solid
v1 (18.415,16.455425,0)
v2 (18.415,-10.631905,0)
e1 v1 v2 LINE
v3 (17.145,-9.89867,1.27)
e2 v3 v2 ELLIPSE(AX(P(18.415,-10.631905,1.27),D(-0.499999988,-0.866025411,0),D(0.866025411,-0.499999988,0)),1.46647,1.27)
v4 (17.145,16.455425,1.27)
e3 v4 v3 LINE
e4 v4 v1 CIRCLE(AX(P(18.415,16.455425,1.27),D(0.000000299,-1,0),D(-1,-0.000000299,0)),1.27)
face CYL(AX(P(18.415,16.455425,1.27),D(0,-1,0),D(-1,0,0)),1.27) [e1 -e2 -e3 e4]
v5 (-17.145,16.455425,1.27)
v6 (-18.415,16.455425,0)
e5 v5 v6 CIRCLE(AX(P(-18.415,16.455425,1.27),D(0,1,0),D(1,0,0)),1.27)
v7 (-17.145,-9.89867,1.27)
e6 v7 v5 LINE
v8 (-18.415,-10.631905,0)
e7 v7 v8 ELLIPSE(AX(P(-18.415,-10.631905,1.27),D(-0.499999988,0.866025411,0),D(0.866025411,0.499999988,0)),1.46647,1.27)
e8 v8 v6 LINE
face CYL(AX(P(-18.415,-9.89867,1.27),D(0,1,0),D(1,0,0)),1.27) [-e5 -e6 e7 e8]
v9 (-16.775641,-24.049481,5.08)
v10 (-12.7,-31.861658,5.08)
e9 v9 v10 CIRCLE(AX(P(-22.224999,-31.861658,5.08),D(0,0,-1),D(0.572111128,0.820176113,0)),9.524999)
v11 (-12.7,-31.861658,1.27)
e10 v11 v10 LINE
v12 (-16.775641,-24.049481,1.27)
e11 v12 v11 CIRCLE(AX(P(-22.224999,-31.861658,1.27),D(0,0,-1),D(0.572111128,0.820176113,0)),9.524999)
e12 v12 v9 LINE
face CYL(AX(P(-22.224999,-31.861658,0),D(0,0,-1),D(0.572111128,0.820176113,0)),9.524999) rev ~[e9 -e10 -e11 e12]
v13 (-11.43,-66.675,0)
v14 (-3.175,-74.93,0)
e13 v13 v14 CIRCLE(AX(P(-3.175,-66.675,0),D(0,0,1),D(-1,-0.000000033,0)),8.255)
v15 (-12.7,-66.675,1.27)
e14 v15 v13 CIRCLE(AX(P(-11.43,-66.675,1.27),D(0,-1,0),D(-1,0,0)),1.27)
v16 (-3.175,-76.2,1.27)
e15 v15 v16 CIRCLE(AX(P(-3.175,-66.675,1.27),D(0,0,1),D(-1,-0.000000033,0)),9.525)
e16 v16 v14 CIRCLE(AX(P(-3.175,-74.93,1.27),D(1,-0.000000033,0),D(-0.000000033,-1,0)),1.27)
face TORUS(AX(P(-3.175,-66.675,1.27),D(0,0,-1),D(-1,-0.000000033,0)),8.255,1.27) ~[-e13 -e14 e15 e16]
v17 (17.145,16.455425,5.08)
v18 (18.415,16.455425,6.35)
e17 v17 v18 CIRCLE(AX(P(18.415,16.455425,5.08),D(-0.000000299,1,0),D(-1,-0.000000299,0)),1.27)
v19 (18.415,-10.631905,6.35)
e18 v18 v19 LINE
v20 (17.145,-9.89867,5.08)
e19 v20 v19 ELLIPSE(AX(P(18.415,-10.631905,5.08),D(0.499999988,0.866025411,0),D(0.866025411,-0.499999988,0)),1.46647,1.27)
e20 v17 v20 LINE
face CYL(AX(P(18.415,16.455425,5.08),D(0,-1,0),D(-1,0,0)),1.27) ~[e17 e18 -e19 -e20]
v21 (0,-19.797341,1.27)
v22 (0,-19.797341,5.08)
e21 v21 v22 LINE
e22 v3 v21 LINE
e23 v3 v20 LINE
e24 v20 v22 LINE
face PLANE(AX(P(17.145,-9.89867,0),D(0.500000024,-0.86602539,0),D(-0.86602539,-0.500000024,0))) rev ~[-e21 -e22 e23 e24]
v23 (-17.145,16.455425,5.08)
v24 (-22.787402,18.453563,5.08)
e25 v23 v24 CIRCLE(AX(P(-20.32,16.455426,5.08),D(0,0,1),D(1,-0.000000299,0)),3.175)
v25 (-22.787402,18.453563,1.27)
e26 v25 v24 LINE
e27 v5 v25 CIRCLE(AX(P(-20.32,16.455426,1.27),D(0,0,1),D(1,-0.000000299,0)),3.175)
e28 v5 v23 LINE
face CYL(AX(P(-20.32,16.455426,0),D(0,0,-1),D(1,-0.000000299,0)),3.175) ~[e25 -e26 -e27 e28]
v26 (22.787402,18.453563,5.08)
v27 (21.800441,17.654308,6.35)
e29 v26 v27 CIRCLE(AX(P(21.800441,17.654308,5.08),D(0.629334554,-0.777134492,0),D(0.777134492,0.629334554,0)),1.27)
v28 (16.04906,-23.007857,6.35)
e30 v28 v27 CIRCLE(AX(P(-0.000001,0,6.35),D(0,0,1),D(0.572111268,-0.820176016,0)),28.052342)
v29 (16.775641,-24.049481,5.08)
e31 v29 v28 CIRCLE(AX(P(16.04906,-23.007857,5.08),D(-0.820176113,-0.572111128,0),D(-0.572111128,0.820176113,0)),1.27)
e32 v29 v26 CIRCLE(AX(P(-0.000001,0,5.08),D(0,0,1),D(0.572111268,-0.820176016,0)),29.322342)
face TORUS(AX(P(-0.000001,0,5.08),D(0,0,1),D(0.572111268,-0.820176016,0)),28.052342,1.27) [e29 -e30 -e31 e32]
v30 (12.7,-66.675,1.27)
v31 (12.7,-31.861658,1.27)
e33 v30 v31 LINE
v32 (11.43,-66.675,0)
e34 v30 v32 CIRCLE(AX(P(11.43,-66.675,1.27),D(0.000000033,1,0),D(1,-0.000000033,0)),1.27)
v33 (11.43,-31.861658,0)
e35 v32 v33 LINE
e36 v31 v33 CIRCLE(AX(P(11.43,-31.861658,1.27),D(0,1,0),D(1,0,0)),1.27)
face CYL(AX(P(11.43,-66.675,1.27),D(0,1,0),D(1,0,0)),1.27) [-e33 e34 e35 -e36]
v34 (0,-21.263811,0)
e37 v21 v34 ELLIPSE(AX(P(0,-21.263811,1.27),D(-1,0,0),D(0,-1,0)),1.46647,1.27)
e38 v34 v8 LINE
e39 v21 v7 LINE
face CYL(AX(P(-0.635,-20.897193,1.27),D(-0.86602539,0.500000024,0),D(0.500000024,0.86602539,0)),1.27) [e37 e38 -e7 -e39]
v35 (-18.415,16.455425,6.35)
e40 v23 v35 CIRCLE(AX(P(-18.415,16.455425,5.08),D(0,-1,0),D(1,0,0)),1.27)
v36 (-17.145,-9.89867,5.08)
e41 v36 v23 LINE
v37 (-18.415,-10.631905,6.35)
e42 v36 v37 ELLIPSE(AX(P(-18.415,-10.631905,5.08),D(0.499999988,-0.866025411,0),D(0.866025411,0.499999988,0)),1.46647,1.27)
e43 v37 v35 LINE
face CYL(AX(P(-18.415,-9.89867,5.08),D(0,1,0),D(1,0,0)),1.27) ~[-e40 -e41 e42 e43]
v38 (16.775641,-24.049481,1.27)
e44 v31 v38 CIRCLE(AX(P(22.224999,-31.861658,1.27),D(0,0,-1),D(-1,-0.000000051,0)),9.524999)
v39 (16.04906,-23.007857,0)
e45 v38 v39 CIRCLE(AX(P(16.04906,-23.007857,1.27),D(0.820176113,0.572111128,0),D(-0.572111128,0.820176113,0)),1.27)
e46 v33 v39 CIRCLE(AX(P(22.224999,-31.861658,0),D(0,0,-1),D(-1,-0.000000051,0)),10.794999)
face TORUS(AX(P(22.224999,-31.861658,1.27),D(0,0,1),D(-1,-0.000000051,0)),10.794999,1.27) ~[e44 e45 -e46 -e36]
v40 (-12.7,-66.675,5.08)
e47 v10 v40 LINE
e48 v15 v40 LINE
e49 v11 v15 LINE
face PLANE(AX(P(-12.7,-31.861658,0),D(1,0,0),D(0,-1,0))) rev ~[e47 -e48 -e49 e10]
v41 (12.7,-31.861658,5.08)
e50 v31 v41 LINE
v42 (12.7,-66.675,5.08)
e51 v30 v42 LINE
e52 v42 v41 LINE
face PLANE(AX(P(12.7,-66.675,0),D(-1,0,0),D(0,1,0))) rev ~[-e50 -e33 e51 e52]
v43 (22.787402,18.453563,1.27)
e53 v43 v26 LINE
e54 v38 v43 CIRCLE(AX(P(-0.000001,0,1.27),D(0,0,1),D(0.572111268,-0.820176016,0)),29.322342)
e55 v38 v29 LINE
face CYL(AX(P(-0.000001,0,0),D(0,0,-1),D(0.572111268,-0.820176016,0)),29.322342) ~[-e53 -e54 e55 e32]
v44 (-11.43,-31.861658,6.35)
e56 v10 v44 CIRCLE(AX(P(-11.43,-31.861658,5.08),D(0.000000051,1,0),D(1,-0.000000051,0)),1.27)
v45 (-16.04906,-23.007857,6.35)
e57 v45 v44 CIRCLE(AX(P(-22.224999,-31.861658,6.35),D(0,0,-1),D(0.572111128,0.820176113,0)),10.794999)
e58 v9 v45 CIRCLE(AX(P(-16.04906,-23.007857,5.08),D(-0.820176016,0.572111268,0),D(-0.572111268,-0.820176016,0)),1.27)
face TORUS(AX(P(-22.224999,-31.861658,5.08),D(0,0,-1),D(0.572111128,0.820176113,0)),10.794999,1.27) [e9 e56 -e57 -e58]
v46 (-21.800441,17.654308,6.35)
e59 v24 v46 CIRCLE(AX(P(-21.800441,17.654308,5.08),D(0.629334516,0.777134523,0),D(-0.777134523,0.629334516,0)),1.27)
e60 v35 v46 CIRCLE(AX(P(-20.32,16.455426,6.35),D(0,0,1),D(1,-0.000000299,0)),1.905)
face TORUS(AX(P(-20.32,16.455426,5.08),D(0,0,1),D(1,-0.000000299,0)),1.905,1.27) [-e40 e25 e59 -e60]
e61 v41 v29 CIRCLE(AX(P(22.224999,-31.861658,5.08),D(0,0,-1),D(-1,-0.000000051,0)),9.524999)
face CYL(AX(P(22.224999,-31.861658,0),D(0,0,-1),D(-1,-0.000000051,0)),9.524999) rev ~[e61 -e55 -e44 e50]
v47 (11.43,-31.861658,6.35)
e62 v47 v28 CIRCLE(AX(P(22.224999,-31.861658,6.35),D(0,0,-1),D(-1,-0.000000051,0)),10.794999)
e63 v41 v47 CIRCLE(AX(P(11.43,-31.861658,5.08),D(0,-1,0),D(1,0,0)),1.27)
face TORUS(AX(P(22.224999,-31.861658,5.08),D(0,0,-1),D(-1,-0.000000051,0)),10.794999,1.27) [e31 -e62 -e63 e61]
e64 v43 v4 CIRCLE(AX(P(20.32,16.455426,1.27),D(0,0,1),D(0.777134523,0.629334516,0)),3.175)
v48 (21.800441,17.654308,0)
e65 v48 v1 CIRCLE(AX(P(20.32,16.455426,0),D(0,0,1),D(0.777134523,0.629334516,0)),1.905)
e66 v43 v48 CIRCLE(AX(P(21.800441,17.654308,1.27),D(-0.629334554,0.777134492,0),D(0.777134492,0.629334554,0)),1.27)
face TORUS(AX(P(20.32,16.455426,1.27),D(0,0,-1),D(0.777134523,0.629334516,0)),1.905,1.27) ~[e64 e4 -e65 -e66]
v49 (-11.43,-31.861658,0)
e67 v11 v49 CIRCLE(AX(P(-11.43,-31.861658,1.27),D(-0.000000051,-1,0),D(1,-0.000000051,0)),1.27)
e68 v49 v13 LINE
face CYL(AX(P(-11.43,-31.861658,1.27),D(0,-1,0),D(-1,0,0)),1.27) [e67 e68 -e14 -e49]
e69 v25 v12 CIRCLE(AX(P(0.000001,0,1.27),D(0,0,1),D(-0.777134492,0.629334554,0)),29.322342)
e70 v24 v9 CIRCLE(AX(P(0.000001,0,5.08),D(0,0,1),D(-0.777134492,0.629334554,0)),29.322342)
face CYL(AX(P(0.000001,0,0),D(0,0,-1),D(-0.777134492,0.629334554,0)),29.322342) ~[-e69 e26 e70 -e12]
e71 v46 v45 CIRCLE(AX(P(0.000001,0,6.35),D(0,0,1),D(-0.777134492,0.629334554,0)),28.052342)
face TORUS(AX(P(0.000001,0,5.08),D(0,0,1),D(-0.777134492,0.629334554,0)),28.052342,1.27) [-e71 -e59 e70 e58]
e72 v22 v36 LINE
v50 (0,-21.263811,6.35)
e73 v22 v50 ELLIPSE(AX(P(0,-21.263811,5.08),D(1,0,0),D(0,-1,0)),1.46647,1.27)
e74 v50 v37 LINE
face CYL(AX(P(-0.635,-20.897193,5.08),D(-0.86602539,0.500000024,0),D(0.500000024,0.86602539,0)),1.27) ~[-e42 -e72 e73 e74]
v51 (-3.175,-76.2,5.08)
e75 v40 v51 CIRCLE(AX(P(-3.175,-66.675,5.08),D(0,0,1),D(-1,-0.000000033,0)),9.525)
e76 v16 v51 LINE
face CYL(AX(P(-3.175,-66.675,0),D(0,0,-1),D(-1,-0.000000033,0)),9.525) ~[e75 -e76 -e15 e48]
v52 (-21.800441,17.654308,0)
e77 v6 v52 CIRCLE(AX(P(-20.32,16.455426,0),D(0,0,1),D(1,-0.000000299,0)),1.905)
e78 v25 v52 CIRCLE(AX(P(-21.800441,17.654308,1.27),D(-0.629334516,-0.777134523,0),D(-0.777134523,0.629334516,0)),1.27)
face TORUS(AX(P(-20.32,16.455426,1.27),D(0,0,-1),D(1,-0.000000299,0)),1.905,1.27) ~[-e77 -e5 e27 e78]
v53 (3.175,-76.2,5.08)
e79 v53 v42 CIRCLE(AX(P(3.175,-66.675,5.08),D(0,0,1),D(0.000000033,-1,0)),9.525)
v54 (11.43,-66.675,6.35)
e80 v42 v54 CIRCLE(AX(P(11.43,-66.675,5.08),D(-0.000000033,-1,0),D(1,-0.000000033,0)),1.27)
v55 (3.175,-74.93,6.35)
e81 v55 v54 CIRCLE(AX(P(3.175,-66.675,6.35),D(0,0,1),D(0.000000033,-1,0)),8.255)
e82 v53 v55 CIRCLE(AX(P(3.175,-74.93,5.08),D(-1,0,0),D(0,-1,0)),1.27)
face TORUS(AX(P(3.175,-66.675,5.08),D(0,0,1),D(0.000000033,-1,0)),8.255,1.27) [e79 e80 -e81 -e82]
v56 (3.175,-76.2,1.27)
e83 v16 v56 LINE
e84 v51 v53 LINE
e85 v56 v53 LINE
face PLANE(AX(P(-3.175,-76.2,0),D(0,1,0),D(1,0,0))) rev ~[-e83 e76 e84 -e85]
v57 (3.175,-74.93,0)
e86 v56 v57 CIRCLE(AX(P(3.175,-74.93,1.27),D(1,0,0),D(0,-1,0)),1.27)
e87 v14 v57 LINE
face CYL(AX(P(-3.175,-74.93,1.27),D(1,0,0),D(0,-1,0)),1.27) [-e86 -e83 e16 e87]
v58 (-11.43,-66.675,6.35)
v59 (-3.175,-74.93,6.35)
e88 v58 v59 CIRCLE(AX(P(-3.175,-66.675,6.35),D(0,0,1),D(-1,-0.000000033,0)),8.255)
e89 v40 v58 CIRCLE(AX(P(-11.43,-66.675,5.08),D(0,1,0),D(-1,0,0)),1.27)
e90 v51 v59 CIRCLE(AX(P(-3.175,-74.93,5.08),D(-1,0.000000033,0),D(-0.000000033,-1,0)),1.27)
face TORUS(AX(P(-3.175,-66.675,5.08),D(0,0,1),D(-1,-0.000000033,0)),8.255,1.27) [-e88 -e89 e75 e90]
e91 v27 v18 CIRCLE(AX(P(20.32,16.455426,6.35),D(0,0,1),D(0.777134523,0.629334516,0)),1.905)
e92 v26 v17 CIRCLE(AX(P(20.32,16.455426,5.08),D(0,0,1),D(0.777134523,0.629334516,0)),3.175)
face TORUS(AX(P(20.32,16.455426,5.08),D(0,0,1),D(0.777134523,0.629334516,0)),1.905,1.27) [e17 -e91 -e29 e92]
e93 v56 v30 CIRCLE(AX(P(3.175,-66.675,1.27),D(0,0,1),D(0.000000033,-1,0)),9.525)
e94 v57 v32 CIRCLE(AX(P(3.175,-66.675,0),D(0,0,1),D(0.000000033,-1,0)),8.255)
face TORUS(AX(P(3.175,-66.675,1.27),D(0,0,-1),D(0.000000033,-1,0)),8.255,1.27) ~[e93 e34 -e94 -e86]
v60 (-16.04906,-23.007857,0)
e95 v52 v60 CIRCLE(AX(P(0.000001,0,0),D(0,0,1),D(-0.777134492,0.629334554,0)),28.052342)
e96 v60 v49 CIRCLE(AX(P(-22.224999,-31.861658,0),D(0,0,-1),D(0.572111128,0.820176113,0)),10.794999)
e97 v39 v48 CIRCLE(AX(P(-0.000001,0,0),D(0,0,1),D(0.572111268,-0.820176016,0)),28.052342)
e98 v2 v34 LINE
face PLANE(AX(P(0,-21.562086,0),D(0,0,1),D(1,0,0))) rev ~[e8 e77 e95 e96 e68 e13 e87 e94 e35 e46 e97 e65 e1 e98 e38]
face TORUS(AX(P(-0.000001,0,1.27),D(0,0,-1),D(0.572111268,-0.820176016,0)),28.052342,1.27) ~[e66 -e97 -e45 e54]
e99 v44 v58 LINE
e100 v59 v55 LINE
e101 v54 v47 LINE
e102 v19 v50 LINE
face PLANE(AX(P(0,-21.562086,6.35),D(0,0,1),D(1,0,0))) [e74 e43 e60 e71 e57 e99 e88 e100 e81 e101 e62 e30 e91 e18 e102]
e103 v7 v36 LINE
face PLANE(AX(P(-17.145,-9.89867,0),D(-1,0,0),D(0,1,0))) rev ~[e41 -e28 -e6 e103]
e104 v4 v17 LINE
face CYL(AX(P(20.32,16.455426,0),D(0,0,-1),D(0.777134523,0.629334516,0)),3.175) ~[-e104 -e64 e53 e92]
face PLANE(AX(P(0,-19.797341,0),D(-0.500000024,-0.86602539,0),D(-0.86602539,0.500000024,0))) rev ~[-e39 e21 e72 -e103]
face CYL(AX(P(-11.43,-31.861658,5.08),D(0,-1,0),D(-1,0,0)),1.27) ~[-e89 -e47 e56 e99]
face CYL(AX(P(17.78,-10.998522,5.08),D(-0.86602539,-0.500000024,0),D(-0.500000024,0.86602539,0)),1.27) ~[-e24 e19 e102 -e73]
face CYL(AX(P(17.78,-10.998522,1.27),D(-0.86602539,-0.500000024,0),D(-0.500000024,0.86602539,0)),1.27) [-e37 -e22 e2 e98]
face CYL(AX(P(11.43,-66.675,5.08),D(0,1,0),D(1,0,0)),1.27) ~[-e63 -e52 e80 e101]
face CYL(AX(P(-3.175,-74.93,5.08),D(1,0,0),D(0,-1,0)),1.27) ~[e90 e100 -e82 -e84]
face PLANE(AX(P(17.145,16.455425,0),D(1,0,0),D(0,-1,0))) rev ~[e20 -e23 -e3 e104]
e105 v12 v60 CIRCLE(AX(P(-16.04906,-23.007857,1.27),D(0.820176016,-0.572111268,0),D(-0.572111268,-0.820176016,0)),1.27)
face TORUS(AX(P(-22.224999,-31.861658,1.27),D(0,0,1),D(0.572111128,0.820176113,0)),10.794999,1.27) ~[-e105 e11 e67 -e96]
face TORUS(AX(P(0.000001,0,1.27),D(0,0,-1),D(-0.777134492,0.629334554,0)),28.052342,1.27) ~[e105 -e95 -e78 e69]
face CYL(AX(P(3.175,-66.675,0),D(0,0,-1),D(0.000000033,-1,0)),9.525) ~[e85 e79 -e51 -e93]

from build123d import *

# Parameters (mm, degrees)
F1_DEPTH = 6.35
F2_R     = 1.27


with BuildPart() as f1:
    # F0 (on Top) → F1 (new body)
    with BuildSketch(Plane.XY):
        with BuildLine():
            Line((17.145, 16.455425), (17.145, 9.89867))
            Line((17.145, 9.89867), (17.145, -9.89867))
            Line((17.145, -9.89867), (0, -19.797341))
            Line((0, -19.797341), (-17.145, -9.89867))
            Line((-17.145, -9.89867), (-17.145, 9.89867))
            Line((-17.145, 9.89867), (-17.145, 16.455425))
            ThreePointArc((-17.145, 16.455425), (-19.260136, 19.448303), (-22.787402, 18.453563))
            ThreePointArc((-22.787402, 18.453563), (-29.033356, -4.106567), (-16.775641, -24.049481))
            ThreePointArc((-16.775641, -24.049481), (-13.780156, -27.455953), (-12.7, -31.861658))
            Line((-12.7, -31.861658), (-12.7, -66.675))
            ThreePointArc((-12.7, -66.675), (-9.910192, -73.410192), (-3.175, -76.2))
            Line((-3.175, -76.2), (3.175, -76.2))
            ThreePointArc((3.175, -76.2), (9.910192, -73.410192), (12.7, -66.675))
            Line((12.7, -66.675), (12.7, -31.861658))
            ThreePointArc((12.7, -31.861658), (13.780156, -27.455953), (16.775641, -24.049481))
            ThreePointArc((16.775641, -24.049481), (29.033356, -4.106567), (22.787402, 18.453563))
            ThreePointArc((22.787402, 18.453563), (19.260136, 19.448303), (17.145, 16.455425))
        make_face()
    extrude(amount=F1_DEPTH)

    # F2
    f2_edges = [f1.edges().sort_by_distance(p)[0] for p in [
        (-13.780156, -27.455953, 6.35),
        (-12.7, -49.268329, 6.35),
        (-9.910192, -73.410192, 6.35),
        (0, -76.2, 6.35),
        (9.910192, -73.410192, 6.35),
        (12.7, -49.268329, 6.35),
        (13.780156, -27.455953, 6.35),
        (29.033356, -4.106567, 6.35),
        (19.260136, 19.448303, 6.35),
        (17.145, 3.278378, 6.35),
        (8.5725, -14.848006, 6.35),
        (-8.5725, -14.848006, 6.35),
        (-17.145, 3.278378, 6.35),
        (-19.260136, 19.448303, 6.35),
        (-29.033356, -4.106567, 6.35),
        (-13.780156, -27.455953, 0),
        (-12.7, -49.268329, 0),
        (-9.910192, -73.410192, 0),
        (0, -76.2, 0),
        (9.910192, -73.410192, 0),
        (12.7, -49.268329, 0),
        (13.780156, -27.455953, 0),
        (29.033356, -4.106567, 0),
        (19.260136, 19.448303, 0),
        (17.145, 3.278378, 0),
        (8.5725, -14.848006, 0),
        (-8.5725, -14.848006, 0),
        (-17.145, 3.278378, 0),
        (-19.260136, 19.448303, 0),
        (-29.033356, -4.106567, 0),
    ]]
    fillet(f2_edges, radius=F2_R)


solid = f1.part
